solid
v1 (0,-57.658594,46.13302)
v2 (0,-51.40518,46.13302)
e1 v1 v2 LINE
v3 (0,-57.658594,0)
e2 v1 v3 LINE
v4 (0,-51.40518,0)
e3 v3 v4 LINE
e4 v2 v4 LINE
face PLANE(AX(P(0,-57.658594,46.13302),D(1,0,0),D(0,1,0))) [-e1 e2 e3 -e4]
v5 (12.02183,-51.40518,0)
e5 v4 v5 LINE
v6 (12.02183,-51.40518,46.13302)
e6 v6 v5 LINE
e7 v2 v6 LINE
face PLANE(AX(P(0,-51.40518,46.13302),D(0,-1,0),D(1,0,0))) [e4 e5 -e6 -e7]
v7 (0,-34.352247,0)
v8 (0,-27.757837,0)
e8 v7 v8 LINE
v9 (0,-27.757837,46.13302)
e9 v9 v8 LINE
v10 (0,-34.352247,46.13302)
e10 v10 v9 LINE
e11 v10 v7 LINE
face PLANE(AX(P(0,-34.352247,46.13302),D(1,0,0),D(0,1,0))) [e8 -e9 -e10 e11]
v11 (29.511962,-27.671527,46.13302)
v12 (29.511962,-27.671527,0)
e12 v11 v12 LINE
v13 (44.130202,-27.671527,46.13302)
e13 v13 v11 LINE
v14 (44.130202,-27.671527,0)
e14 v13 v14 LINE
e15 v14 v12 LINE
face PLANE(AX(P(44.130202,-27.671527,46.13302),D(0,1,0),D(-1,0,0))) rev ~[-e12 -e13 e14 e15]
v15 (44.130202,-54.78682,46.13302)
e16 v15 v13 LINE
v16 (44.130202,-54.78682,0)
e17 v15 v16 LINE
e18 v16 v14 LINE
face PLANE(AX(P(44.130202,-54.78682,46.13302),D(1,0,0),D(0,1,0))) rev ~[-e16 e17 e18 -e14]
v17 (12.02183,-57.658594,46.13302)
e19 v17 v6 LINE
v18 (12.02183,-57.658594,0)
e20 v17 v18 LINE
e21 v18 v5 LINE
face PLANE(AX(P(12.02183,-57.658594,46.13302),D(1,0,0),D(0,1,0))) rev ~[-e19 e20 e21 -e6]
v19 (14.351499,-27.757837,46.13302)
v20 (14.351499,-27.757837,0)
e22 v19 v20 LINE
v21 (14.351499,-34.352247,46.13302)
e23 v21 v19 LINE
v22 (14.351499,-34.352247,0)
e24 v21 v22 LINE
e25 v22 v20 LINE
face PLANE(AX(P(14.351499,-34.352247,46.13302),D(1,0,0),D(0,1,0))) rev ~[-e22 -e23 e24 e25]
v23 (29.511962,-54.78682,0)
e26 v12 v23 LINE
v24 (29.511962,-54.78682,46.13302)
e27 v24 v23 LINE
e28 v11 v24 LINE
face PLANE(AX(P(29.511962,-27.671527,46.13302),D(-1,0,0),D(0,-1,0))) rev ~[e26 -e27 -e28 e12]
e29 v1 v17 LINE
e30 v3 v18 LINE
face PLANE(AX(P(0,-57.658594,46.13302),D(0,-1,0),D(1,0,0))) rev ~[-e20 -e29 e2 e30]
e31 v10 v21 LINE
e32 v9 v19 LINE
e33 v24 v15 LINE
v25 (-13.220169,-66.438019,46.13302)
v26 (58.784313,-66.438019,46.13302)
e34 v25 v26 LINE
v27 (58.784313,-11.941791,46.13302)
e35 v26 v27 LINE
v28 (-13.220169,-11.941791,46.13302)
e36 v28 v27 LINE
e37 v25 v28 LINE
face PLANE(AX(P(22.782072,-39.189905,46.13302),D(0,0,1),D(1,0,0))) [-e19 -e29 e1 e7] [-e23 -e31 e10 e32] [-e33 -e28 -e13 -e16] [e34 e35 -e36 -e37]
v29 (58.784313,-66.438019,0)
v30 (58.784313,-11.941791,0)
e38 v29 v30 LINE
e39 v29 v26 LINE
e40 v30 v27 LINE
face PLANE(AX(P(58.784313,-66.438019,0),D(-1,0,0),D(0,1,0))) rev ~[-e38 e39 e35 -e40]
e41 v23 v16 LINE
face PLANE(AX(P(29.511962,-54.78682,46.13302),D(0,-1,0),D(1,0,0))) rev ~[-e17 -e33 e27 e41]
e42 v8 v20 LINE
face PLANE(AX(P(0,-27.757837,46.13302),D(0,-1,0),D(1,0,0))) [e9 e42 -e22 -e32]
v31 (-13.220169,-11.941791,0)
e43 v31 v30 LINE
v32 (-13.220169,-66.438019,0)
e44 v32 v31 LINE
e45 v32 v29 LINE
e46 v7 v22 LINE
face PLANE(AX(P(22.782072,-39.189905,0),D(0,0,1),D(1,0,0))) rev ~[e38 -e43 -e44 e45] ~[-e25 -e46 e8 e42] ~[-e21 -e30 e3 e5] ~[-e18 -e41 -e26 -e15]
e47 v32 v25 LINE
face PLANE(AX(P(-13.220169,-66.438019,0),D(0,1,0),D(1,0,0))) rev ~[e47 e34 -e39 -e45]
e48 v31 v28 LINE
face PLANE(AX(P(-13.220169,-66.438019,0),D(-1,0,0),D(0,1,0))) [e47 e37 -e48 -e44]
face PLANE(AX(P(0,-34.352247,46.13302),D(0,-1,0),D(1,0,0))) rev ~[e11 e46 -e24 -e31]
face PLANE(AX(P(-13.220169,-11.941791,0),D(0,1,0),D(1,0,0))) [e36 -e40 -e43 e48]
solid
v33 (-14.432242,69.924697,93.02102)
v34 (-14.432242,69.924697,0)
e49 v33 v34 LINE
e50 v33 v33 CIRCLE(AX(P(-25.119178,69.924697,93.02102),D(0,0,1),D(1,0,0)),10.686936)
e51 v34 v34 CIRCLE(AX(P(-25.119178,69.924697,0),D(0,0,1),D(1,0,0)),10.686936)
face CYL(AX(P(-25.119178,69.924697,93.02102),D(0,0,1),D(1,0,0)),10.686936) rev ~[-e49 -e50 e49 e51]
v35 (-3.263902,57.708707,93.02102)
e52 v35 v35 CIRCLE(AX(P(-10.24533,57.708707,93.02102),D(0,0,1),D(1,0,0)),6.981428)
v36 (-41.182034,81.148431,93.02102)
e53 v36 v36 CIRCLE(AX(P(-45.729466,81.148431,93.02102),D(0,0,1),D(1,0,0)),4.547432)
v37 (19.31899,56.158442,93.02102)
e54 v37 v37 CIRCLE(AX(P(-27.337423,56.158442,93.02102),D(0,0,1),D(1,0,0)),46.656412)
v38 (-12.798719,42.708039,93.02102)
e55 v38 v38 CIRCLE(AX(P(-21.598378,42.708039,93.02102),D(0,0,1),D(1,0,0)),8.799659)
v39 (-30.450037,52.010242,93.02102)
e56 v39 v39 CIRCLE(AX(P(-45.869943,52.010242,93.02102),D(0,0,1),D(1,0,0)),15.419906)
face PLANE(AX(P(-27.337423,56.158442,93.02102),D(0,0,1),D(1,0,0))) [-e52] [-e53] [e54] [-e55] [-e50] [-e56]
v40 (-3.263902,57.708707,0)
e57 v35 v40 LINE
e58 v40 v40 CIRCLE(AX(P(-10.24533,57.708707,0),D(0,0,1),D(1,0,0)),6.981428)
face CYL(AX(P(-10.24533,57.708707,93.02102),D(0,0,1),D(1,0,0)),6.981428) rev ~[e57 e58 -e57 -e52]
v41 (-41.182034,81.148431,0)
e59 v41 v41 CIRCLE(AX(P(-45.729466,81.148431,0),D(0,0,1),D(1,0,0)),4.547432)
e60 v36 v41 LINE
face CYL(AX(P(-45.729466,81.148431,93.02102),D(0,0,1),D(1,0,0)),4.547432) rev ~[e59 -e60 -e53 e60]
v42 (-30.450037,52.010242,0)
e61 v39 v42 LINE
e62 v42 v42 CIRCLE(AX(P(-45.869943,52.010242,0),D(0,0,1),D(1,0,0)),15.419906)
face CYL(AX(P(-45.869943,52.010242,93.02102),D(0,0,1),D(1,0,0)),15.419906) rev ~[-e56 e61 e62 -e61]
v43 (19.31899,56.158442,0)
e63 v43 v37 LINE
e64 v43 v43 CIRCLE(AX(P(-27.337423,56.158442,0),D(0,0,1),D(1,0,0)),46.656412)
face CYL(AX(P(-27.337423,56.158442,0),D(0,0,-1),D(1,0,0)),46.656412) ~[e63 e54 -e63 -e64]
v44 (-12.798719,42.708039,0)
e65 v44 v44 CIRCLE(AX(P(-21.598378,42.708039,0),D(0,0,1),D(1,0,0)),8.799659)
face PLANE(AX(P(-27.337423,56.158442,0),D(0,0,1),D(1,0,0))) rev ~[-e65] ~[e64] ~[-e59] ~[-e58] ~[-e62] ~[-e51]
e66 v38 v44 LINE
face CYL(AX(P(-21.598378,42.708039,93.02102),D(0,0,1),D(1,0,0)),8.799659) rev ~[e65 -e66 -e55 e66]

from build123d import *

# Parameters (mm, degrees)
F0_R     = 46.6564123897
F1_DEPTH = 93.02102
F2_R     = 15.4199057957
F2_R_2   = 8.799658794
F2_R_3   = 10.6869364606
F2_R_4   = 6.9814277781
F2_R_5   = 4.5474322162
F3_DEPTH = 93.02202
F4_W     = 72.0044821501
F4_H     = 54.4962286949
F5_DEPTH = 46.13302
F6_W     = 12.0218303055
F6_H     = 6.253413856
F6_W_2   = 14.3514992669
F6_H_2   = 6.5944101661
F6_W_3   = 7.8991614282
F6_H_3   = 6.537348032
F6_W_4   = 7.3091201484
F6_H_4   = 8.640371263
F7_DEPTH = 46.13402


with BuildPart() as f1:
    # F0 (on Top) → F1 (new body)
    with BuildSketch(Plane.XY):
        with Locations((-27.3374225944, 56.1584420502)):
            Circle(F0_R)
    extrude(amount=F1_DEPTH)

    # F2 (on face) → F3 (cut, through all)
    with BuildSketch(Plane.XY.offset(93.02102)):
        with Locations((-45.8699427545, 52.0102418959)):
            Circle(F2_R)
        with Locations((-21.5983781964, 42.7080392838)):
            Circle(F2_R_2)
        with Locations((-25.1191779971, 69.9246972799)):
            Circle(F2_R_3)
        with Locations((-10.2453297004, 57.7087067068)):
            Circle(F2_R_4)
        with Locations((-45.7294657826, 81.1484307051)):
            Circle(F2_R_5)
    extrude(amount=-F3_DEPTH, mode=Mode.SUBTRACT)


with BuildPart() as f5:
    # F4 (on Top) → F5 (new body)
    with BuildSketch(Plane.XY):
        with Locations((22.7820724249, -39.1899049282)):
            Rectangle(F4_W, F4_H)
    extrude(amount=F5_DEPTH)

    # F6 (on face) → F7 (cut, through all)
    with BuildSketch(Plane.XY.offset(46.13302)):
        with Locations((6.0109151527, -54.5318871737)):
            Rectangle(F6_W, F6_H)
        with Locations((7.1757496335, -31.0550415888)):
            Rectangle(F6_W_2, F6_H_2)
        with Locations((33.4615428001, -44.4978475571)):
            Rectangle(F6_W_3, F6_H_3)
        with Locations((40.4756423086, -31.991712749)):
            Rectangle(F6_W_4, F6_H_4)
        Polygon((29.511962086, -47.7665215731), (29.511962086, -54.7868199646), (44.1302023828, -54.7868199646), (44.1302023828, -36.3118983805), (36.8210822344, -36.3118983805), (36.8210822344, -27.6715271175), (29.511962086, -27.6715271175), (29.511962086, -41.2291735411), (37.4111235142, -41.2291735411), (37.4111235142, -47.7665215731), align=None)
    extrude(amount=-F7_DEPTH, mode=Mode.SUBTRACT)


solid = Compound([f1.part, f5.part])
